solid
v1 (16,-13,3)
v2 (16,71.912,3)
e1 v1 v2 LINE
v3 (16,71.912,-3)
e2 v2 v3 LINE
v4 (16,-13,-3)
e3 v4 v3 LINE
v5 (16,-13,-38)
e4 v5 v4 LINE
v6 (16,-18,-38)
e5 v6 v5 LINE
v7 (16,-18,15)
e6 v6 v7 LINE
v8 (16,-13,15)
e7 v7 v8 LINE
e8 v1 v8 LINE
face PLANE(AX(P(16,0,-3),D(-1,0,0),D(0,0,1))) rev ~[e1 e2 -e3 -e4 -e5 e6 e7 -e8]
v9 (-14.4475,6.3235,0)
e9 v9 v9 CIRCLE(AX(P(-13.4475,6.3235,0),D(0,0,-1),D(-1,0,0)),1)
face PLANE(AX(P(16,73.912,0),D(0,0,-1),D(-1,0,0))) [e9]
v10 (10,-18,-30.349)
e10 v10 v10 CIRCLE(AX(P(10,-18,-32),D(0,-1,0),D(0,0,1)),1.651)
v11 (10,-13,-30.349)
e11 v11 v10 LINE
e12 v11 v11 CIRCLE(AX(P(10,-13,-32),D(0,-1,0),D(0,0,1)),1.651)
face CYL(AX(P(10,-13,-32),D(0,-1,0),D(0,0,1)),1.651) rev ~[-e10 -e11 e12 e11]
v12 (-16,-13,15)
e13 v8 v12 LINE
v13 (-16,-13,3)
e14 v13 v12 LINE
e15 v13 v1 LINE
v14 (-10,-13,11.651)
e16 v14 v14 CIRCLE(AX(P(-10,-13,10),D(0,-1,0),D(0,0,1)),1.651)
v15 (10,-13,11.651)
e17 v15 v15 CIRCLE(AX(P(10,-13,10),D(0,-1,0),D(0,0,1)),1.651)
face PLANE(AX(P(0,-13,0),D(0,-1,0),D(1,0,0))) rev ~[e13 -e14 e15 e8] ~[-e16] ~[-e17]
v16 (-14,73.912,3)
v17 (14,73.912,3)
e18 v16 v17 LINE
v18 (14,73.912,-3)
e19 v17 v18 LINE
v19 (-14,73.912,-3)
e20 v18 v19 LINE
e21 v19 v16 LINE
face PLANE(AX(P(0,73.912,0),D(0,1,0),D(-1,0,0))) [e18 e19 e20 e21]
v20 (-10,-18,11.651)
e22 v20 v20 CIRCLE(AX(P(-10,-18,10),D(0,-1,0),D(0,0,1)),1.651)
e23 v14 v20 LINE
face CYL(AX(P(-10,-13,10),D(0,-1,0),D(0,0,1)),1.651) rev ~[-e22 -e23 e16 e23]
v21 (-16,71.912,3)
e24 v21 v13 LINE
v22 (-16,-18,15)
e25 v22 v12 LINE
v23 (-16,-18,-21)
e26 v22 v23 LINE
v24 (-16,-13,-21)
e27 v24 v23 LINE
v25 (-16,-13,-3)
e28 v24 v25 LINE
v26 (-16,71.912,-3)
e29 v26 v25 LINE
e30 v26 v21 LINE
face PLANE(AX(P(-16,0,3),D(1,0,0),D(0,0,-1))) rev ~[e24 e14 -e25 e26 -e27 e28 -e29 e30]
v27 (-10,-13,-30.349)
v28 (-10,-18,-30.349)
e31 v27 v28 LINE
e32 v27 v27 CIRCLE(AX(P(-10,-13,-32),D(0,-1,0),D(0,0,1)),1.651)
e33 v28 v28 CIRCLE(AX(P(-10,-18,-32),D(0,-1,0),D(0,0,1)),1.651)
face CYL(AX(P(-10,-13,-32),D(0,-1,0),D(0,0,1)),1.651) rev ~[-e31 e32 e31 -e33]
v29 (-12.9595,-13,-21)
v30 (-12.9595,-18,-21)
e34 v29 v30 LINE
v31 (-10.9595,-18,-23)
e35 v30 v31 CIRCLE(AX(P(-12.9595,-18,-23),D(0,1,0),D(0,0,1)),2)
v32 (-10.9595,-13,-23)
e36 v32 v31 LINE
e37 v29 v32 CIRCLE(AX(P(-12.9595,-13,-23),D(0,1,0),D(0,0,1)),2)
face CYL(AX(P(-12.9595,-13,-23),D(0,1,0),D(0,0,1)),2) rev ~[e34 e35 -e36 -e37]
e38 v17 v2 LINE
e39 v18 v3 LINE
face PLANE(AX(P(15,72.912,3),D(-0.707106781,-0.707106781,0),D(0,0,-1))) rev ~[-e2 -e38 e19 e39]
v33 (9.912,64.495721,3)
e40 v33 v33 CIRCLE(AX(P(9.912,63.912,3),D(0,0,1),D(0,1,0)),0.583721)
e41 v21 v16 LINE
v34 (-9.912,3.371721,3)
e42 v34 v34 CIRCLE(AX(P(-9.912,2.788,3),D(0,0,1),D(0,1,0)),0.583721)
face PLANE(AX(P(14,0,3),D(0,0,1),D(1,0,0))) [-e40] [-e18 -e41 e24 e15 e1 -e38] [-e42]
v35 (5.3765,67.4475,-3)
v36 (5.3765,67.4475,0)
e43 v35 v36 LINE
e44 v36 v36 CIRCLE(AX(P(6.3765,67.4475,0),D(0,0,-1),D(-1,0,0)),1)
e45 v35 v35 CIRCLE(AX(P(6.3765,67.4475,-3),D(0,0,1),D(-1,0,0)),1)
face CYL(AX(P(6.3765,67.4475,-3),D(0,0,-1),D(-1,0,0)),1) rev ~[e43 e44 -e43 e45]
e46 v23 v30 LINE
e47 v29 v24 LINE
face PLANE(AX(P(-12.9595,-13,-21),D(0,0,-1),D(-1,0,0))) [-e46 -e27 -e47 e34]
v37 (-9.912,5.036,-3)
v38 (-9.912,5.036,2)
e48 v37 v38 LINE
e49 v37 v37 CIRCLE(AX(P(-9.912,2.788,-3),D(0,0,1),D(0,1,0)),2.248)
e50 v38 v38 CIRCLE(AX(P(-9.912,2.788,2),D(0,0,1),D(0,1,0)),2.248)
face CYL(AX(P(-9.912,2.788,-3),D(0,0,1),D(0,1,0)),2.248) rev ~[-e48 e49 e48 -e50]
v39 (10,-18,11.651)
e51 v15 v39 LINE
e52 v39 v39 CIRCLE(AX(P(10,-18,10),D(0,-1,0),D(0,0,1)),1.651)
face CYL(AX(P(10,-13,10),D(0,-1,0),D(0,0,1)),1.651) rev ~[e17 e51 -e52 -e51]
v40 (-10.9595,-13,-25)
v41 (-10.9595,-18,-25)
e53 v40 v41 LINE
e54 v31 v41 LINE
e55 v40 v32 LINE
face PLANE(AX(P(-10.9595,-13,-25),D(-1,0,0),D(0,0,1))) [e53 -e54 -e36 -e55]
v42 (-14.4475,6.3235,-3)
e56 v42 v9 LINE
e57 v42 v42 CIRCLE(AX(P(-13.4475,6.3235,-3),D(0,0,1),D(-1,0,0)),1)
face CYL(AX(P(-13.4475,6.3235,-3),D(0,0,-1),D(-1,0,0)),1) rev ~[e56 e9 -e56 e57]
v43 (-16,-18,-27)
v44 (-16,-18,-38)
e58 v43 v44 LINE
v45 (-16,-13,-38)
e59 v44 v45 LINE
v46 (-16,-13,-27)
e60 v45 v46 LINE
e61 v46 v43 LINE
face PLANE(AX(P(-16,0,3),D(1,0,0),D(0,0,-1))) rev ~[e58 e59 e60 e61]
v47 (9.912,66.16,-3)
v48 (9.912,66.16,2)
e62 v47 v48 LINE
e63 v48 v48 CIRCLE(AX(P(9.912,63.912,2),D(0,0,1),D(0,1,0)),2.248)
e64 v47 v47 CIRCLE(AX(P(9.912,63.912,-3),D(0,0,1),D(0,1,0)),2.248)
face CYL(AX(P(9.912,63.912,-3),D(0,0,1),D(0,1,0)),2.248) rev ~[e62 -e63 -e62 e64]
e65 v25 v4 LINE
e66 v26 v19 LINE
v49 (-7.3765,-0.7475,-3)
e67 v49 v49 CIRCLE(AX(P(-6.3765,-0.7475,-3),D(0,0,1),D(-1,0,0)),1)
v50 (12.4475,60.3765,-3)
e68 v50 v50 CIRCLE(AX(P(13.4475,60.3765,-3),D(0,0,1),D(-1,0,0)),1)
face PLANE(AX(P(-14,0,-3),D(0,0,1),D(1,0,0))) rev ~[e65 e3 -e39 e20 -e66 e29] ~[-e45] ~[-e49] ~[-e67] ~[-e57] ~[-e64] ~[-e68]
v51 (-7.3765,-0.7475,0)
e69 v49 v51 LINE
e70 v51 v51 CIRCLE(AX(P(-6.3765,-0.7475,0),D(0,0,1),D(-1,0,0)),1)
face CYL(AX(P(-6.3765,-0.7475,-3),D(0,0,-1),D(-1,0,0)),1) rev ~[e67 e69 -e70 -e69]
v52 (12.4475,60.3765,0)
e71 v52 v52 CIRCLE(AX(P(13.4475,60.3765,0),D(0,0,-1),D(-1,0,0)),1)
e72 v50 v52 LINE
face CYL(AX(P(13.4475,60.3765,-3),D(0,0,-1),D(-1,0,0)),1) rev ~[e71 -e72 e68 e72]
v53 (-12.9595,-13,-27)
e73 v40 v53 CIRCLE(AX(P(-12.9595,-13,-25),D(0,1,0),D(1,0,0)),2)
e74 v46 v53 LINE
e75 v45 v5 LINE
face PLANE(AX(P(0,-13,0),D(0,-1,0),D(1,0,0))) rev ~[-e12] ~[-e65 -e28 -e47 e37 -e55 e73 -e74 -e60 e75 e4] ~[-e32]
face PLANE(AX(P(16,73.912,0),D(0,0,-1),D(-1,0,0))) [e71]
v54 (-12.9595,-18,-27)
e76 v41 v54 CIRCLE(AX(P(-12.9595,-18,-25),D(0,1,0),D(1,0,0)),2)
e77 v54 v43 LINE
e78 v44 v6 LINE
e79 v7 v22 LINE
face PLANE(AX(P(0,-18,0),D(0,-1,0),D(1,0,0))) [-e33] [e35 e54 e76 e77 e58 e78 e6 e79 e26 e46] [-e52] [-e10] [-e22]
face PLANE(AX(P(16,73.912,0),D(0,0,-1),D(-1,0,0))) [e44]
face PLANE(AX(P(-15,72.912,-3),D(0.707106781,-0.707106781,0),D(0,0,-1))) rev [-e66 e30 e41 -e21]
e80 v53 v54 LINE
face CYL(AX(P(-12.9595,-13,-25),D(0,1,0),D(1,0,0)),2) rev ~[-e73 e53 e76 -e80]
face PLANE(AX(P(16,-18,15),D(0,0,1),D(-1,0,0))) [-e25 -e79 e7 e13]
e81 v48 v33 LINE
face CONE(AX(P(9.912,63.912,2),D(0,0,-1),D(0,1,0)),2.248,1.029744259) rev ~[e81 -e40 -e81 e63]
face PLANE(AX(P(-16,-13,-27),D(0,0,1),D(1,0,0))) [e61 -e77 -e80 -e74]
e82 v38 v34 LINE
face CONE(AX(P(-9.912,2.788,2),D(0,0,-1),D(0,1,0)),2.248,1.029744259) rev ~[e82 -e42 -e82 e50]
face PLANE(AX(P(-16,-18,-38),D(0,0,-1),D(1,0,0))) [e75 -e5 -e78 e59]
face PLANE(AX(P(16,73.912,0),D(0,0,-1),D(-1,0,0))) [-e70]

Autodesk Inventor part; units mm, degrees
ref_plane "YZ Plane" through (0, 0, 0) normal (1, 0, 0) x (0, 1, 0)
ref_plane "XZ Plane" through (0, 0, 0) normal (0, 1, 0) x (-1, 0, 0)
ref_plane "XY Plane" through (0, 0, 0) normal (0, 0, 1) x (1, 0, 0)
sketch "Sketch1" plane through (0, 0, 0) normal (0, 1, 0) x (-1, 0, 0)
  line L0 (16, 3) -> (-16, 3)
  line L1 (-16, 3) -> (-16, -3)
  line L2 (-16, -3) -> (16, -3)
  line L3 (16, -3) -> (16, 3)
  line L4 (16, 3) -> (-16, -3) construction
  line L5 (-16, 3) -> (16, -3) construction
  point P0 (0, 0)
  dimension "POST_THICKNESS" = 6
  dimension "POST_WIDTH" = 32
extrude "Extrusion1" add sketch "Sketch1" along normal blind 73.912
sketch "Sketch5" plane through (16, 73.912, -3) normal (0, 0, -1) x (-1, 0, 0)
  line L0 (0, 0) -> (32, 0) projected
  line L1 (16.088, 0) -> (0, -16.088)
  line L2 (0, -73.912) -> (0, 0) projected
  circle A0 centre (6.088, -10) radius 1.75
  circle A1 centre (9.6235, -6.4645) radius 1
  circle A2 centre (2.5525, -13.5355) radius 1
  line L3 (32.1913, -64.8447) -> (19.6606, -77.3754)
  circle A3 centre (29.4475, -67.5885) radius 1
  circle A4 centre (22.3765, -74.6595) radius 1
  line L4 (32, -73.912) -> (32, 0) projected
  circle A5 centre (25.912, -71.124) radius 1.75
  line L5 (0, -73.912) -> (32, -73.912) projected
  point P0 (16, -73.912)
  point P1 (0, -58)
  point P2 (32, -58)
  dimension "d33" = 45
  dimension "d35" = 0
  dimension "d36" = 5
  dimension "d37" = 5
  dimension "d38" = 45
  dimension "d39" = 9.9999
  dimension "d42" = 0
  dimension "d43" = 5
  dimension "d44" = 2
  dimension "d45" = 2
  dimension "d46" = 2
  dimension "d47" = 2
  dimension "BOTTOM_MIRROR_HOLE" = 2.788
  dimension "TOP_MIRROR_HOLE" = 63.912
  dimension "d90" = 9.912
  dimension "d91" = 9.912
  dimension "d92" = 3.5
  dimension "d93" = 3.5
extrude "Extrusion3" cut sketch "Sketch5" against normal blind 3 contours A1 L1 | L1 A1 | A2 L1 | L1 A2 | L5 A4 L3 | A4 L5 | A3 L3 | L3 A3 | L3 A4 picked at (22.0928, -74.8345)
sketch "Sketch6" plane through (16, 0, -3) normal (0, 0, -1) x (-1, 0, 0)
  line L0 (0, 0) -> (0, 73.912) projected
  line L1 (0, 0) -> (32, 0) projected
  line L2 (0, 2) -> (32, 2)
  line L3 (32, 2) -> (32, 0)
  line L4 (32, 0) -> (0, 0)
  line L5 (0, 0) -> (0, 2)
  point P0 (16, 0)
  dimension "BASE_HEIGHT" = 2
extrude "Extrusion4" [suppressed]
sketch "Sketch7" plane through (-16, 2, -3) normal (0, 1, 0) x (1, 0, 0)
  line L0 (0, 35) -> (32, 35) projected
  line L1 (0, 0) -> (0, 35) projected
  line L2 (32, 0) -> (32, 35) projected
  point P0 (16, -3)
  point P1 (26, 29)
  point P2 (6, 29)
  dimension "d60" = 6
  dimension "d61" = 6
  dimension "d62" = 6
  dimension "d63" = 0
hole "Hole3" [suppressed]
sketch "Sketch8" plane through (16, 73.912, -3) normal (0, 0, -1) x (-1, 0, 0)
  line L0 (0, 0) -> (32, 0)
  line L1 (12.088, 0) -> (0, -12.088)
  line L2 (0, -60) -> (0, 0)
  circle A0 centre (6.088, -6) radius 1.651
  circle A1 centre (9.6235, -2.4645) radius 1
  circle A2 centre (2.5525, -9.5355) radius 1
  line L3 (32.1913, -28.7207) -> (19.6606, -41.2514)
  circle A3 centre (29.4475, -31.4645) radius 1
  circle A4 centre (22.3765, -38.5355) radius 1
  line L4 (32, -60) -> (32, 0)
  circle A5 centre (25.912, -35) radius 1.651
  point P0 (16, -73.912)
  point P1 (16, -60)
  point P2 (0, -58)
  point P3 (32, -58)
  dimension "d64" = 45
  dimension "d65" = 0
  dimension "d66" = 5
  dimension "d67" = 5
  dimension "d68" = 45
  dimension "d69" = 9.9999
  dimension "d70" = 0
  dimension "d71" = 5
  dimension "d72" = 2
  dimension "d73" = 2
  dimension "d74" = 2
  dimension "d75" = 2
hole "Hole4" [suppressed]
chamfer "Chamfer1" distance 2 angle 45 2 edges at (-16, 73.912, 0) (16, 73.912, 0)
hole "Hole5" at (9.912, 63.912, -3) at (-9.912, 2.788, -3) direction (0, 0, 1) diameter 4.496 depth 5 tip angle 118 clearance for "Flat Head Machine Screw (82)" size "#8" standard "Ansi Unified Screw Threads"
sketch "Sketch10" plane through (0, 0, 0) normal (0, -1, 0) x (1, 0, 0)
  line L0 (14, 3) -> (16, 3) projected
  line L1 (-14, -3) -> (-16, -3) projected
  line L2 (16, 3) -> (-16, 3)
  line L3 (-16, 3) -> (-16, -3)
  line L4 (-16, -3) -> (16, -3)
  line L5 (16, -3) -> (16, 3)
  point P0 (0, 0)
extrude "Extrusion6" add sketch "Sketch10" along normal blind 18
sketch "Sketch11" plane through (0, -18, 0) normal (0, -1, 0) x (1, 0, 0)
  line L0 (16, 25) -> (-16, 25)
  line L1 (-16, 25) -> (-16, -38)
  line L2 (-16, -38) -> (16, -38)
  line L3 (16, -38) -> (16, 25)
  line L4 (-16, 25) -> (16, 25)
  line L5 (16, 25) -> (16, 15)
  line L6 (16, 15) -> (-16, 15)
  line L7 (-16, 15) -> (-16, 25)
  line L8 (16, -3) -> (-16, -3)
  point P0 (0, 0)
  point P1 (-16, 15)
  dimension "d107" = 32
  dimension "d124" = 10
  dimension "d125" = 35
extrude "Extrusion7" add sketch "Sketch11" against normal blind 5 contours L3 L8 L1 L6 | L3 L2 L1 L8
sketch "Sketch12" plane through (0, -13, 0) normal (0, 1, 0) x (1, 0, 0)
  point P0 (0, 0)
  point P1 (-10, 32)
  point P2 (10, 32)
  point P3 (-10, -10)
  point P4 (10, -10)
  dimension "d116" = 10
  dimension "d117" = 10
  dimension "d118" = 32
  dimension "d119" = 32
  dimension "d120" = 10
  dimension "d121" = 10
  dimension "d122" = 20
  dimension "d123" = 10
hole "Hole6" at (-10, -13, -32) at (10, -13, -32) at (-10, -13, 10) at (10, -13, 10) direction (0, -1, 0) diameter 3.302 depth 8 thread size "8-32 UNC" class "2B" standard "ANSI Unified Screw Threads"
sketch "Sketch14" plane through (0, -13, 0) normal (0, 1, 0) x (1, 0, 0)
  line L0 (-16, -15) -> (-16, 38) projected
  line L1 (-16, 27) -> (-12.9595, 27)
  line L2 (-10.9595, 25) -> (-10.9595, 23)
  line L3 (-12.9595, 21) -> (-16, 21)
  line L4 (-16, 21) -> (-16, 27)
  line L5 (14, 3) -> (-14, 3) projected
  arc A0 (-12.9595, 21) -> (-10.9595, 23) centre (-12.9595, 23) ccw
  arc A1 (-10.9595, 25) -> (-12.9595, 27) centre (-12.9595, 25) ccw
  point P0 (0, 0)
  point P1 (-10.9595, 21)
  point P2 (-10.9595, 27)
  dimension "d127" = 6
  dimension "d128" = 18
  dimension "d131" = 2
extrude "Extrusion8" cut sketch "Sketch14" against normal blind 10
extrude "Extrusion9" cut sketch "Sketch5" against normal blind 3 contours L5 A4 L3 | A4 L5 | L3 A4 picked at (22.0928, -74.8345)
equation "\"BOTTOM_MIRROR_HOLE\" = GROUND_BEAM_HEIGHT - POLARIS_HOLE_TO_MIRROR_HEIGHT"
equation "\"TOP_MIRROR_HOLE\" = LASER_BEAM_HEIGHT + POLARIS_HOLE_TO_MIRROR_HEIGHT"
equation "\"d90\" = POLARIS_HOLE_TO_MIRROR_HEIGHT"
equation "\"d91\" = POLARIS_HOLE_TO_MIRROR_HEIGHT"
equation "\"WING_SIZE\" = 8"
equation "\"POLARIS_HOLE_TO_MIRROR_HEIGHT\" = 9.912"
equation "\"GROUND_BEAM_HEIGHT\" = 12.7"
equation "\"LASER_BEAM_HEIGHT\" = 54"
properties part number "L periscope"
